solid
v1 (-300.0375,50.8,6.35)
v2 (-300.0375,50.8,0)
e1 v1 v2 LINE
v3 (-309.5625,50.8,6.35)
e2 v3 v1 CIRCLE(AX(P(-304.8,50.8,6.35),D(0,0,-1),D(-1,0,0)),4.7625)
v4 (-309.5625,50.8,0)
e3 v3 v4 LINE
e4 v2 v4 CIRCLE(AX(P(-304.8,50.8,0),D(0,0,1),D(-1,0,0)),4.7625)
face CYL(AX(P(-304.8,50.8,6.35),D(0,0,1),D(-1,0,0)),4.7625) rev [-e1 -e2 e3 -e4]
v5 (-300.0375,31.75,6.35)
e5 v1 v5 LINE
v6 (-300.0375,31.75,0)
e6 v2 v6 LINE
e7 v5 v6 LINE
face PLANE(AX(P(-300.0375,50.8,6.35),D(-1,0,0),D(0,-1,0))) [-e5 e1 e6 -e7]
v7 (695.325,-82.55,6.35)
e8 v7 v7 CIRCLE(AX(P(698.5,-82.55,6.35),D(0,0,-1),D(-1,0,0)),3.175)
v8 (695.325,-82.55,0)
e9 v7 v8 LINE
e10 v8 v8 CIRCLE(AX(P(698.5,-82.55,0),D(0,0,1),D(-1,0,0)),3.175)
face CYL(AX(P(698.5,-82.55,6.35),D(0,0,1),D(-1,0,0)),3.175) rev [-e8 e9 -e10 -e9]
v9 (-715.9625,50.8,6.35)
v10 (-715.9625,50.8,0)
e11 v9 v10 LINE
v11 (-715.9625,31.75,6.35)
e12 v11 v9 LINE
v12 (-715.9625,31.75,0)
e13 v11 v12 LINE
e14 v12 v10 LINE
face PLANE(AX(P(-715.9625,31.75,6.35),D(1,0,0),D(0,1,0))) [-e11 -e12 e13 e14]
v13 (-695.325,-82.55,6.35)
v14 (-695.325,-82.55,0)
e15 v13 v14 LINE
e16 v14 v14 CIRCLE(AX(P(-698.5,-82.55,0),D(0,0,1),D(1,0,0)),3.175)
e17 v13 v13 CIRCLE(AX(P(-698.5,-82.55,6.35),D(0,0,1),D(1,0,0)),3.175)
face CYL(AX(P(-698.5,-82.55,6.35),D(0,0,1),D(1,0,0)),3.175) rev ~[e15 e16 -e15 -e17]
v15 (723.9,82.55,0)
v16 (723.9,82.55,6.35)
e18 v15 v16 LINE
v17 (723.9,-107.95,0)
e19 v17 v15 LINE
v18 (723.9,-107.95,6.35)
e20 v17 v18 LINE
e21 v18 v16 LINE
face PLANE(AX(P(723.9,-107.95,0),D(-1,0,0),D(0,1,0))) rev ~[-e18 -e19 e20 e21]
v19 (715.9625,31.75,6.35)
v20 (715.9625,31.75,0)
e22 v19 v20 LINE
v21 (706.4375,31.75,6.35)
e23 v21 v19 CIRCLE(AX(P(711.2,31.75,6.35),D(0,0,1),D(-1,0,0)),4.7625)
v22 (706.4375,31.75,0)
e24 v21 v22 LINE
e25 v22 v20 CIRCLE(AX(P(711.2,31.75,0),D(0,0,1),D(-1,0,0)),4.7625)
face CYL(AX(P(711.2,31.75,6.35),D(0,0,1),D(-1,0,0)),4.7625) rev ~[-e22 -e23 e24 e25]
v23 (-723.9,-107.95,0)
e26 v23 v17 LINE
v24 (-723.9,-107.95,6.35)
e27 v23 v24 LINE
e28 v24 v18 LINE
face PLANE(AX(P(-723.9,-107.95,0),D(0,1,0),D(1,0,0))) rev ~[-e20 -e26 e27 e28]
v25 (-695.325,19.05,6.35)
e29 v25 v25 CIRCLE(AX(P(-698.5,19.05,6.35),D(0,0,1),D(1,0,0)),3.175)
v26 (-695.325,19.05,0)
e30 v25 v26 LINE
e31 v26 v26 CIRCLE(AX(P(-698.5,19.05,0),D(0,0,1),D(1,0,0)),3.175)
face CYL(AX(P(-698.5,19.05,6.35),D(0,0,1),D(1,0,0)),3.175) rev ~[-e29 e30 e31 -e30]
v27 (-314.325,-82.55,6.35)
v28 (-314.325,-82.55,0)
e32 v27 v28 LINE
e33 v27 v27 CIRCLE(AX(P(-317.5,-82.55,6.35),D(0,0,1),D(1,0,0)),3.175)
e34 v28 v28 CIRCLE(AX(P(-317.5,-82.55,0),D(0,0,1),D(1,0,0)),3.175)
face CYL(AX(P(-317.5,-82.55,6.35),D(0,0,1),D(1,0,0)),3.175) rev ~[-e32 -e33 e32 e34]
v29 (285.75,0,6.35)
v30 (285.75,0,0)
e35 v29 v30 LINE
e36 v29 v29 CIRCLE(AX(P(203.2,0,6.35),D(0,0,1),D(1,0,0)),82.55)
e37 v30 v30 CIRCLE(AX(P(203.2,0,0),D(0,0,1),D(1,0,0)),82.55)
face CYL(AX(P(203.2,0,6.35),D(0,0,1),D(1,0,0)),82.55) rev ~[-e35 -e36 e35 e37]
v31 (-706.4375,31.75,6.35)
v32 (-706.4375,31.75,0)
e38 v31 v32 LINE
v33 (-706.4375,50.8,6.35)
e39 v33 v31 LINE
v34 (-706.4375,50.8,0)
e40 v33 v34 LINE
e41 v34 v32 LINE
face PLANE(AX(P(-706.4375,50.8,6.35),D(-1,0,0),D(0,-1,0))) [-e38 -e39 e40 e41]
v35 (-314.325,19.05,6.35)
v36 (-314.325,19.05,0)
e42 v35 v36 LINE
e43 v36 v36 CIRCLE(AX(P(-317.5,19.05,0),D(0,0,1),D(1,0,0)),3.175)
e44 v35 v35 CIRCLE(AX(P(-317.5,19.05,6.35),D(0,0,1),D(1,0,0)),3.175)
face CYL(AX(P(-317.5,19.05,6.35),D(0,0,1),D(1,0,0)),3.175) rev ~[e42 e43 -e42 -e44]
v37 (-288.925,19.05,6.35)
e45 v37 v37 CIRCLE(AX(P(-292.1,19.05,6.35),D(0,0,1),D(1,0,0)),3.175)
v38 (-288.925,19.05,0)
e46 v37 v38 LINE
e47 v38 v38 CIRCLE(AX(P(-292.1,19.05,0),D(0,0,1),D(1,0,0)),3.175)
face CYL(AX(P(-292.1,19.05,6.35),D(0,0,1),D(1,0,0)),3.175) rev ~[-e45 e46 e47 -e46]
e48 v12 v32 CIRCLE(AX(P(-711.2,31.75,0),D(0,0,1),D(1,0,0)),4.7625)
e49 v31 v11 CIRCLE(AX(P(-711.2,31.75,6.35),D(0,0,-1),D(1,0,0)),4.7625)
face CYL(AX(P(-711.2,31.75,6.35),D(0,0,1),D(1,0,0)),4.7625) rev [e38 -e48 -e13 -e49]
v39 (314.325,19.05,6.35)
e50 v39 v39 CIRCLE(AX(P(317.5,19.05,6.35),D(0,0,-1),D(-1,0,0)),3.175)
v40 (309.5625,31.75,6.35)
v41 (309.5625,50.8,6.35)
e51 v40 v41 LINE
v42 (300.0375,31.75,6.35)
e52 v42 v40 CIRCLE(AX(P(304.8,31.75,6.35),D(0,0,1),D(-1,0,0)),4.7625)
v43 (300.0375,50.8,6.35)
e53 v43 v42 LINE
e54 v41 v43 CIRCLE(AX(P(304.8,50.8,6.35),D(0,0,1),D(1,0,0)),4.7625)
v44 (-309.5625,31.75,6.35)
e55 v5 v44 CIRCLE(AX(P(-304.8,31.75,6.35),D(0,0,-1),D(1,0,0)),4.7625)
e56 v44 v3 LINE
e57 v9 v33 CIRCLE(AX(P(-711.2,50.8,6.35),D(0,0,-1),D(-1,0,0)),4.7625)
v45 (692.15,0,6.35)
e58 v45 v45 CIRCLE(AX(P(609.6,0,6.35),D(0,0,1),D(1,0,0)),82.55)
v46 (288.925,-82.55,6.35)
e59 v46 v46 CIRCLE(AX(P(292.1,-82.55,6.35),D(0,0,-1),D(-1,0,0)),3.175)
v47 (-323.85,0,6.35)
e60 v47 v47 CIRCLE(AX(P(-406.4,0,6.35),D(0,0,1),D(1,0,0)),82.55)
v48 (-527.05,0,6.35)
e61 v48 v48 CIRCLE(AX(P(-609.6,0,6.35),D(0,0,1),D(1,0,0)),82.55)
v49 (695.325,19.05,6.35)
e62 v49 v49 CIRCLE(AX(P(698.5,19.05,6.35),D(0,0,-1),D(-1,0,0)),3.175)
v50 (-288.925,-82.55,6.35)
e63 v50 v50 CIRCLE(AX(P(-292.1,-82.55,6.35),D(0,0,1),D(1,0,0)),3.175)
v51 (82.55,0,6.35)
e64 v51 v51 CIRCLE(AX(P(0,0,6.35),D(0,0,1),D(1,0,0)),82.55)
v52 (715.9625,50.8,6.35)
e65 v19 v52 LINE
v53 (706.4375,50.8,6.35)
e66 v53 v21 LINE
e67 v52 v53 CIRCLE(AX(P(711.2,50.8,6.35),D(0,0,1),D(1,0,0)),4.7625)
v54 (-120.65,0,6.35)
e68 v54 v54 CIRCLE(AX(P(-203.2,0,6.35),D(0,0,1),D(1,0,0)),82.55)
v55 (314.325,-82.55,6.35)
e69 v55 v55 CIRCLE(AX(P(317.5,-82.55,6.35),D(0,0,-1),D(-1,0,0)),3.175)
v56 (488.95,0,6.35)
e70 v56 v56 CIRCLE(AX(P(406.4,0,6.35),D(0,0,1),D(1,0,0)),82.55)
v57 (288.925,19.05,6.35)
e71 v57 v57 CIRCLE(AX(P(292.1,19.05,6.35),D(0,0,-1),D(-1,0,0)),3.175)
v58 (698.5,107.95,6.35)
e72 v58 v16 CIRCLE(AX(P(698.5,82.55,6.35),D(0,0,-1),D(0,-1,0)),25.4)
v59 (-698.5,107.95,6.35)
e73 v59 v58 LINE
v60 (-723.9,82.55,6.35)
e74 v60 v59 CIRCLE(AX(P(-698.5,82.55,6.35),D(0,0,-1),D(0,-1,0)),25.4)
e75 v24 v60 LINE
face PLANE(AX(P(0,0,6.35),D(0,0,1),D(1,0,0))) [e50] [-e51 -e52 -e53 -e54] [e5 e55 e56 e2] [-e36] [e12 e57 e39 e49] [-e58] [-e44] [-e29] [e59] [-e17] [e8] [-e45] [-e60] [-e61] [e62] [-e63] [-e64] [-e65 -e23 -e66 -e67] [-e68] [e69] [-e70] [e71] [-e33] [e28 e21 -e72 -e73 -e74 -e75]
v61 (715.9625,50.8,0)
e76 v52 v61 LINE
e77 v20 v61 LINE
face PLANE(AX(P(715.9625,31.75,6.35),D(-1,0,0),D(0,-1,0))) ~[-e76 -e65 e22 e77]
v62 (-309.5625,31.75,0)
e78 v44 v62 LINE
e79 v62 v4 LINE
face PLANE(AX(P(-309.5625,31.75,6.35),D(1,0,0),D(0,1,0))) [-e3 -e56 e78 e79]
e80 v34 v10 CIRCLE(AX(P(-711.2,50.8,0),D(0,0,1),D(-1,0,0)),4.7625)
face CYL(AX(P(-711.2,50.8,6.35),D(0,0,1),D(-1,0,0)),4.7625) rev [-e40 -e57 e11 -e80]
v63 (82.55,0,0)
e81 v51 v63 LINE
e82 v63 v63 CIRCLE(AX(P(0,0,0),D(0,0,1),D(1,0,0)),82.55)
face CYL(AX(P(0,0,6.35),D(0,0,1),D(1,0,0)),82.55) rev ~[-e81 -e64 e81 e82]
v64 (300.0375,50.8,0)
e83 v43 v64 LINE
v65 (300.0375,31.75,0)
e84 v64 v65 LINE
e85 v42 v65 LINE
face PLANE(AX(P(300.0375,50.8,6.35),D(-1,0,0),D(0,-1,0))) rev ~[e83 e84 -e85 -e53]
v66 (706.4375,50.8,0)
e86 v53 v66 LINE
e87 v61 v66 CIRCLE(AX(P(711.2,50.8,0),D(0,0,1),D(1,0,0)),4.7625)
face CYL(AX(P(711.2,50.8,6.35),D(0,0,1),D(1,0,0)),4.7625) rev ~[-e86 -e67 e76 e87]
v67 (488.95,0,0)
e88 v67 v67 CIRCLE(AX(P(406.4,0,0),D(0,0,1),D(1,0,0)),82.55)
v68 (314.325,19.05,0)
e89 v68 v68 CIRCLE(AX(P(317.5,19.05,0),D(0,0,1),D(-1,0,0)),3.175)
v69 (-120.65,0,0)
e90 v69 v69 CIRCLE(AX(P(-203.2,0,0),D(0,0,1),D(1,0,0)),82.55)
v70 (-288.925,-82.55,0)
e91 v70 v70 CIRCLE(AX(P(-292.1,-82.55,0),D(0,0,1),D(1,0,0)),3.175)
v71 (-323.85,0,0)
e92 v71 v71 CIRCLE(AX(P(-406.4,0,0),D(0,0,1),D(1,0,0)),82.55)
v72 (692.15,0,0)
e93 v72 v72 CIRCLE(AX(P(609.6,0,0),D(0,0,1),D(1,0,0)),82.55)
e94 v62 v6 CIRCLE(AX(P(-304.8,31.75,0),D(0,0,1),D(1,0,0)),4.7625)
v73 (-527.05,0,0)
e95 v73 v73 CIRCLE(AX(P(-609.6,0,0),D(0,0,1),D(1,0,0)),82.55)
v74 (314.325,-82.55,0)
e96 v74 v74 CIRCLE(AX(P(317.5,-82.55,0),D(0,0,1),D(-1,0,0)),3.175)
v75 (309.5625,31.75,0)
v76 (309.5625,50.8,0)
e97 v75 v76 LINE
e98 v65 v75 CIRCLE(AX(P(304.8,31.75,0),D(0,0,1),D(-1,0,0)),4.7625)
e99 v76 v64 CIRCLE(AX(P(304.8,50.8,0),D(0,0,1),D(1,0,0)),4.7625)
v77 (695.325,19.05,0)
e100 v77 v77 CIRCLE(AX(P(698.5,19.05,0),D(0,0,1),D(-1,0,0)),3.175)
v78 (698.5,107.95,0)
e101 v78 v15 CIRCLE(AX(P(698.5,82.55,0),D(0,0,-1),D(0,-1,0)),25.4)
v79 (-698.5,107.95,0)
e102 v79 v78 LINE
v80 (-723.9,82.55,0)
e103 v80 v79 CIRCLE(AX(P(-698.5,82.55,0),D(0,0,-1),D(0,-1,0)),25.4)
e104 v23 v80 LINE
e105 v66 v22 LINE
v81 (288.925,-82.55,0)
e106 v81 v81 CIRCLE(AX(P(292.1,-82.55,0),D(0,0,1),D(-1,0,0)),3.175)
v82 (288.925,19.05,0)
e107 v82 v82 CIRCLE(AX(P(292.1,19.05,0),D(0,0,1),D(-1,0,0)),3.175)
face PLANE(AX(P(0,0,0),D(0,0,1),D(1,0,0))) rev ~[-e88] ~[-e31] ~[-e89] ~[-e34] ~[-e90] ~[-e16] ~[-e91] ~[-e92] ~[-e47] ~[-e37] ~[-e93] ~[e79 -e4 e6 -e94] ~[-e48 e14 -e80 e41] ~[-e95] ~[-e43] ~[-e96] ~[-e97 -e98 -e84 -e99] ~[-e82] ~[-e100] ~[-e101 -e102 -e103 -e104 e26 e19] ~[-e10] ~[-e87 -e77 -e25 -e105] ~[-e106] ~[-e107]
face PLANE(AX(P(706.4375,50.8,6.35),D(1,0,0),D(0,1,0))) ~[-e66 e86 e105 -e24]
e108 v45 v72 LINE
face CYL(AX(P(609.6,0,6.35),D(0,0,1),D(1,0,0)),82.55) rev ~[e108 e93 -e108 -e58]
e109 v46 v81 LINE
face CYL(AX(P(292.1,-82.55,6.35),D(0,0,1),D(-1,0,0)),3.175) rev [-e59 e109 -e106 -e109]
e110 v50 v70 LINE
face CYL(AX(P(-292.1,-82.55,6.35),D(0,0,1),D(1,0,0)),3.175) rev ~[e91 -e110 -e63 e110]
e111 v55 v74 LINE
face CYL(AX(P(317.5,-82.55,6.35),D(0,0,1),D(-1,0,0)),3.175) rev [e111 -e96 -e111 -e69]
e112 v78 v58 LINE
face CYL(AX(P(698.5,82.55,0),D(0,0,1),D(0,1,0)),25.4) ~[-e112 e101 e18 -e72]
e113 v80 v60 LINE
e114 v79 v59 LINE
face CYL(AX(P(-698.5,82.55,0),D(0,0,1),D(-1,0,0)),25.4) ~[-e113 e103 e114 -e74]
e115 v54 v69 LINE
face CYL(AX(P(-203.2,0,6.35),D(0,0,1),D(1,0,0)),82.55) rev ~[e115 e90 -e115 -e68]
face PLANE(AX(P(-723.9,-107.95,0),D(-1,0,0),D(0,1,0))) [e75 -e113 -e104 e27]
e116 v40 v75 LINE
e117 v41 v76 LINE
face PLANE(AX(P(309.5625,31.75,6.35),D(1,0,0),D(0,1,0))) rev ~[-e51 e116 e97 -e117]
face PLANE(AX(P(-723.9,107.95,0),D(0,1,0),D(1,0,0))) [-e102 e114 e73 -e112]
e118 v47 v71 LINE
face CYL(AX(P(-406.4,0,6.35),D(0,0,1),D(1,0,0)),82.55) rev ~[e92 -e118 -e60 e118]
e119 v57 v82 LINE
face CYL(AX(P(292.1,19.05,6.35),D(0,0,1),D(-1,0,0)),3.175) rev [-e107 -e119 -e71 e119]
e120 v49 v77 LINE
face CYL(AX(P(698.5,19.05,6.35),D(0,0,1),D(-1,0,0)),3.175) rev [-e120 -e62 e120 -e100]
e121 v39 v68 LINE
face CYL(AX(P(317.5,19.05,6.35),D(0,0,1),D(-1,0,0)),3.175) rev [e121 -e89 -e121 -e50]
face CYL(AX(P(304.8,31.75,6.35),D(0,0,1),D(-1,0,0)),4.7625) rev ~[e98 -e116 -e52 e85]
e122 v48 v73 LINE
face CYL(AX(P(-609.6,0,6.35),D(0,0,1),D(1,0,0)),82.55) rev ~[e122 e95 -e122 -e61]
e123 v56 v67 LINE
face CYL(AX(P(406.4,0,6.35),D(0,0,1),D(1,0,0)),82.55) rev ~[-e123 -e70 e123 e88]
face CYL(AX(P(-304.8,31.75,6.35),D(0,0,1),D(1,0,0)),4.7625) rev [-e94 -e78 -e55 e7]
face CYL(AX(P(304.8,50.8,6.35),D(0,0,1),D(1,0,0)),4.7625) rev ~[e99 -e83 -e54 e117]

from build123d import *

# Parameters (mm, degrees)
SKETCH1_W            = 1447.8
SKETCH1_H            = 215.9
BOSS_EXTRUDE1_DEPTH  = 6.35
SKETCH2_R            = 82.55
CUT_EXTRUDE1_DEPTH   = 7.35
LPATTERN1_COUNT      = 7
LPATTERN1_PITCH      = 203.2
FILLET1_R            = 25.4
CUT_EXTRUDE2_DEPTH   = 7.35
LPATTERN2_COUNT      = 2
LPATTERN2_PITCH      = 406.4
MIRROR1_COPY_1_DEPTH = 7.35
SKETCH4_R            = 3.175
CUT_EXTRUDE3_DEPTH   = 7.35


with BuildPart() as part:
    # Sketch1 → Boss-Extrude1 (new body)
    with BuildSketch(Plane.XY):
        Rectangle(SKETCH1_W, SKETCH1_H)
    extrude(amount=BOSS_EXTRUDE1_DEPTH)

    # Sketch2 → Cut-Extrude1 (cut, through all)
    with BuildSketch(Plane.XY.offset(6.35)):
        with Locations((-609.6, 0)):
            Circle(SKETCH2_R)
    cut_extrude1 = extrude(amount=-CUT_EXTRUDE1_DEPTH, mode=Mode.SUBTRACT)

    # LPattern1: Cut-Extrude1 ×7
    with Locations(*[(i * LPATTERN1_PITCH, 0, 0) for i in range(1, LPATTERN1_COUNT)]):
        add(cut_extrude1, mode=Mode.SUBTRACT)

    # Fillet1
    fillet1_edges = [part.edges().sort_by_distance(p)[0] for p in [
        (-723.9, 107.95, 3.175),
        (723.9, 107.95, 3.175),
    ]]
    fillet(fillet1_edges, radius=FILLET1_R)

    # Sketch3 → Cut-Extrude2 (cut, through all)
    with BuildSketch(Plane.XY.offset(6.35)):
        with BuildLine():
            Line((-706.4375, 50.8), (-706.4375, 31.75))
            ThreePointArc((-706.4375, 31.75), (-711.2, 26.9875), (-715.9625, 31.75))
            Line((-715.9625, 31.75), (-715.9625, 50.8))
            ThreePointArc((-715.9625, 50.8), (-711.2, 55.5625), (-706.4375, 50.8))
        make_face()
    cut_extrude2 = extrude(amount=-CUT_EXTRUDE2_DEPTH, mode=Mode.SUBTRACT)

    # LPattern2: Cut-Extrude2 ×2
    with Locations(*[(i * LPATTERN2_PITCH, 0, 0) for i in range(1, LPATTERN2_COUNT)]):
        add(cut_extrude2, mode=Mode.SUBTRACT)

    # Mirror1: Cut-Extrude2 across plane
    add(cut_extrude2.mirror(Plane(origin=(0, 0, 0), x_dir=(0, 0, 1), z_dir=(1, 0, 0))), mode=Mode.SUBTRACT)

    # Mirror1 copy 1 sketch → Mirror1 copy 1 (cut, through all)
    with BuildSketch(Plane(origin=(-406.4, 0, 6.35), x_dir=(-1, 0, 0), z_dir=(0, 0, 1))):
        with BuildLine():
            Line((-706.4375, -50.8), (-706.4375, -31.75))
            ThreePointArc((-706.4375, -31.75), (-711.2, -26.9875), (-715.9625, -31.75))
            Line((-715.9625, -31.75), (-715.9625, -50.8))
            ThreePointArc((-715.9625, -50.8), (-711.2, -55.5625), (-706.4375, -50.8))
        make_face()
    extrude(amount=-MIRROR1_COPY_1_DEPTH, mode=Mode.SUBTRACT)

    # Sketch4 → Cut-Extrude3 (cut, through all)
    with BuildSketch(Plane.XY.offset(6.35)):
        with Locations((-698.5, 19.05)):
            Circle(SKETCH4_R)
        with Locations((-317.5, 19.05)):
            Circle(SKETCH4_R)
        with Locations((-292.1, 19.05)):
            Circle(SKETCH4_R)
        with Locations((-698.5, -82.55)):
            Circle(SKETCH4_R)
        with Locations((-317.5, -82.55)):
            Circle(SKETCH4_R)
        with Locations((-292.1, -82.55)):
            Circle(SKETCH4_R)
    cut_extrude3 = extrude(amount=-CUT_EXTRUDE3_DEPTH, mode=Mode.SUBTRACT)

    # Mirror2: Cut-Extrude3 across plane
    add(cut_extrude3.mirror(Plane(origin=(0, 0, 0), x_dir=(0, 0, 1), z_dir=(1, 0, 0))), mode=Mode.SUBTRACT)


solid = part.part
